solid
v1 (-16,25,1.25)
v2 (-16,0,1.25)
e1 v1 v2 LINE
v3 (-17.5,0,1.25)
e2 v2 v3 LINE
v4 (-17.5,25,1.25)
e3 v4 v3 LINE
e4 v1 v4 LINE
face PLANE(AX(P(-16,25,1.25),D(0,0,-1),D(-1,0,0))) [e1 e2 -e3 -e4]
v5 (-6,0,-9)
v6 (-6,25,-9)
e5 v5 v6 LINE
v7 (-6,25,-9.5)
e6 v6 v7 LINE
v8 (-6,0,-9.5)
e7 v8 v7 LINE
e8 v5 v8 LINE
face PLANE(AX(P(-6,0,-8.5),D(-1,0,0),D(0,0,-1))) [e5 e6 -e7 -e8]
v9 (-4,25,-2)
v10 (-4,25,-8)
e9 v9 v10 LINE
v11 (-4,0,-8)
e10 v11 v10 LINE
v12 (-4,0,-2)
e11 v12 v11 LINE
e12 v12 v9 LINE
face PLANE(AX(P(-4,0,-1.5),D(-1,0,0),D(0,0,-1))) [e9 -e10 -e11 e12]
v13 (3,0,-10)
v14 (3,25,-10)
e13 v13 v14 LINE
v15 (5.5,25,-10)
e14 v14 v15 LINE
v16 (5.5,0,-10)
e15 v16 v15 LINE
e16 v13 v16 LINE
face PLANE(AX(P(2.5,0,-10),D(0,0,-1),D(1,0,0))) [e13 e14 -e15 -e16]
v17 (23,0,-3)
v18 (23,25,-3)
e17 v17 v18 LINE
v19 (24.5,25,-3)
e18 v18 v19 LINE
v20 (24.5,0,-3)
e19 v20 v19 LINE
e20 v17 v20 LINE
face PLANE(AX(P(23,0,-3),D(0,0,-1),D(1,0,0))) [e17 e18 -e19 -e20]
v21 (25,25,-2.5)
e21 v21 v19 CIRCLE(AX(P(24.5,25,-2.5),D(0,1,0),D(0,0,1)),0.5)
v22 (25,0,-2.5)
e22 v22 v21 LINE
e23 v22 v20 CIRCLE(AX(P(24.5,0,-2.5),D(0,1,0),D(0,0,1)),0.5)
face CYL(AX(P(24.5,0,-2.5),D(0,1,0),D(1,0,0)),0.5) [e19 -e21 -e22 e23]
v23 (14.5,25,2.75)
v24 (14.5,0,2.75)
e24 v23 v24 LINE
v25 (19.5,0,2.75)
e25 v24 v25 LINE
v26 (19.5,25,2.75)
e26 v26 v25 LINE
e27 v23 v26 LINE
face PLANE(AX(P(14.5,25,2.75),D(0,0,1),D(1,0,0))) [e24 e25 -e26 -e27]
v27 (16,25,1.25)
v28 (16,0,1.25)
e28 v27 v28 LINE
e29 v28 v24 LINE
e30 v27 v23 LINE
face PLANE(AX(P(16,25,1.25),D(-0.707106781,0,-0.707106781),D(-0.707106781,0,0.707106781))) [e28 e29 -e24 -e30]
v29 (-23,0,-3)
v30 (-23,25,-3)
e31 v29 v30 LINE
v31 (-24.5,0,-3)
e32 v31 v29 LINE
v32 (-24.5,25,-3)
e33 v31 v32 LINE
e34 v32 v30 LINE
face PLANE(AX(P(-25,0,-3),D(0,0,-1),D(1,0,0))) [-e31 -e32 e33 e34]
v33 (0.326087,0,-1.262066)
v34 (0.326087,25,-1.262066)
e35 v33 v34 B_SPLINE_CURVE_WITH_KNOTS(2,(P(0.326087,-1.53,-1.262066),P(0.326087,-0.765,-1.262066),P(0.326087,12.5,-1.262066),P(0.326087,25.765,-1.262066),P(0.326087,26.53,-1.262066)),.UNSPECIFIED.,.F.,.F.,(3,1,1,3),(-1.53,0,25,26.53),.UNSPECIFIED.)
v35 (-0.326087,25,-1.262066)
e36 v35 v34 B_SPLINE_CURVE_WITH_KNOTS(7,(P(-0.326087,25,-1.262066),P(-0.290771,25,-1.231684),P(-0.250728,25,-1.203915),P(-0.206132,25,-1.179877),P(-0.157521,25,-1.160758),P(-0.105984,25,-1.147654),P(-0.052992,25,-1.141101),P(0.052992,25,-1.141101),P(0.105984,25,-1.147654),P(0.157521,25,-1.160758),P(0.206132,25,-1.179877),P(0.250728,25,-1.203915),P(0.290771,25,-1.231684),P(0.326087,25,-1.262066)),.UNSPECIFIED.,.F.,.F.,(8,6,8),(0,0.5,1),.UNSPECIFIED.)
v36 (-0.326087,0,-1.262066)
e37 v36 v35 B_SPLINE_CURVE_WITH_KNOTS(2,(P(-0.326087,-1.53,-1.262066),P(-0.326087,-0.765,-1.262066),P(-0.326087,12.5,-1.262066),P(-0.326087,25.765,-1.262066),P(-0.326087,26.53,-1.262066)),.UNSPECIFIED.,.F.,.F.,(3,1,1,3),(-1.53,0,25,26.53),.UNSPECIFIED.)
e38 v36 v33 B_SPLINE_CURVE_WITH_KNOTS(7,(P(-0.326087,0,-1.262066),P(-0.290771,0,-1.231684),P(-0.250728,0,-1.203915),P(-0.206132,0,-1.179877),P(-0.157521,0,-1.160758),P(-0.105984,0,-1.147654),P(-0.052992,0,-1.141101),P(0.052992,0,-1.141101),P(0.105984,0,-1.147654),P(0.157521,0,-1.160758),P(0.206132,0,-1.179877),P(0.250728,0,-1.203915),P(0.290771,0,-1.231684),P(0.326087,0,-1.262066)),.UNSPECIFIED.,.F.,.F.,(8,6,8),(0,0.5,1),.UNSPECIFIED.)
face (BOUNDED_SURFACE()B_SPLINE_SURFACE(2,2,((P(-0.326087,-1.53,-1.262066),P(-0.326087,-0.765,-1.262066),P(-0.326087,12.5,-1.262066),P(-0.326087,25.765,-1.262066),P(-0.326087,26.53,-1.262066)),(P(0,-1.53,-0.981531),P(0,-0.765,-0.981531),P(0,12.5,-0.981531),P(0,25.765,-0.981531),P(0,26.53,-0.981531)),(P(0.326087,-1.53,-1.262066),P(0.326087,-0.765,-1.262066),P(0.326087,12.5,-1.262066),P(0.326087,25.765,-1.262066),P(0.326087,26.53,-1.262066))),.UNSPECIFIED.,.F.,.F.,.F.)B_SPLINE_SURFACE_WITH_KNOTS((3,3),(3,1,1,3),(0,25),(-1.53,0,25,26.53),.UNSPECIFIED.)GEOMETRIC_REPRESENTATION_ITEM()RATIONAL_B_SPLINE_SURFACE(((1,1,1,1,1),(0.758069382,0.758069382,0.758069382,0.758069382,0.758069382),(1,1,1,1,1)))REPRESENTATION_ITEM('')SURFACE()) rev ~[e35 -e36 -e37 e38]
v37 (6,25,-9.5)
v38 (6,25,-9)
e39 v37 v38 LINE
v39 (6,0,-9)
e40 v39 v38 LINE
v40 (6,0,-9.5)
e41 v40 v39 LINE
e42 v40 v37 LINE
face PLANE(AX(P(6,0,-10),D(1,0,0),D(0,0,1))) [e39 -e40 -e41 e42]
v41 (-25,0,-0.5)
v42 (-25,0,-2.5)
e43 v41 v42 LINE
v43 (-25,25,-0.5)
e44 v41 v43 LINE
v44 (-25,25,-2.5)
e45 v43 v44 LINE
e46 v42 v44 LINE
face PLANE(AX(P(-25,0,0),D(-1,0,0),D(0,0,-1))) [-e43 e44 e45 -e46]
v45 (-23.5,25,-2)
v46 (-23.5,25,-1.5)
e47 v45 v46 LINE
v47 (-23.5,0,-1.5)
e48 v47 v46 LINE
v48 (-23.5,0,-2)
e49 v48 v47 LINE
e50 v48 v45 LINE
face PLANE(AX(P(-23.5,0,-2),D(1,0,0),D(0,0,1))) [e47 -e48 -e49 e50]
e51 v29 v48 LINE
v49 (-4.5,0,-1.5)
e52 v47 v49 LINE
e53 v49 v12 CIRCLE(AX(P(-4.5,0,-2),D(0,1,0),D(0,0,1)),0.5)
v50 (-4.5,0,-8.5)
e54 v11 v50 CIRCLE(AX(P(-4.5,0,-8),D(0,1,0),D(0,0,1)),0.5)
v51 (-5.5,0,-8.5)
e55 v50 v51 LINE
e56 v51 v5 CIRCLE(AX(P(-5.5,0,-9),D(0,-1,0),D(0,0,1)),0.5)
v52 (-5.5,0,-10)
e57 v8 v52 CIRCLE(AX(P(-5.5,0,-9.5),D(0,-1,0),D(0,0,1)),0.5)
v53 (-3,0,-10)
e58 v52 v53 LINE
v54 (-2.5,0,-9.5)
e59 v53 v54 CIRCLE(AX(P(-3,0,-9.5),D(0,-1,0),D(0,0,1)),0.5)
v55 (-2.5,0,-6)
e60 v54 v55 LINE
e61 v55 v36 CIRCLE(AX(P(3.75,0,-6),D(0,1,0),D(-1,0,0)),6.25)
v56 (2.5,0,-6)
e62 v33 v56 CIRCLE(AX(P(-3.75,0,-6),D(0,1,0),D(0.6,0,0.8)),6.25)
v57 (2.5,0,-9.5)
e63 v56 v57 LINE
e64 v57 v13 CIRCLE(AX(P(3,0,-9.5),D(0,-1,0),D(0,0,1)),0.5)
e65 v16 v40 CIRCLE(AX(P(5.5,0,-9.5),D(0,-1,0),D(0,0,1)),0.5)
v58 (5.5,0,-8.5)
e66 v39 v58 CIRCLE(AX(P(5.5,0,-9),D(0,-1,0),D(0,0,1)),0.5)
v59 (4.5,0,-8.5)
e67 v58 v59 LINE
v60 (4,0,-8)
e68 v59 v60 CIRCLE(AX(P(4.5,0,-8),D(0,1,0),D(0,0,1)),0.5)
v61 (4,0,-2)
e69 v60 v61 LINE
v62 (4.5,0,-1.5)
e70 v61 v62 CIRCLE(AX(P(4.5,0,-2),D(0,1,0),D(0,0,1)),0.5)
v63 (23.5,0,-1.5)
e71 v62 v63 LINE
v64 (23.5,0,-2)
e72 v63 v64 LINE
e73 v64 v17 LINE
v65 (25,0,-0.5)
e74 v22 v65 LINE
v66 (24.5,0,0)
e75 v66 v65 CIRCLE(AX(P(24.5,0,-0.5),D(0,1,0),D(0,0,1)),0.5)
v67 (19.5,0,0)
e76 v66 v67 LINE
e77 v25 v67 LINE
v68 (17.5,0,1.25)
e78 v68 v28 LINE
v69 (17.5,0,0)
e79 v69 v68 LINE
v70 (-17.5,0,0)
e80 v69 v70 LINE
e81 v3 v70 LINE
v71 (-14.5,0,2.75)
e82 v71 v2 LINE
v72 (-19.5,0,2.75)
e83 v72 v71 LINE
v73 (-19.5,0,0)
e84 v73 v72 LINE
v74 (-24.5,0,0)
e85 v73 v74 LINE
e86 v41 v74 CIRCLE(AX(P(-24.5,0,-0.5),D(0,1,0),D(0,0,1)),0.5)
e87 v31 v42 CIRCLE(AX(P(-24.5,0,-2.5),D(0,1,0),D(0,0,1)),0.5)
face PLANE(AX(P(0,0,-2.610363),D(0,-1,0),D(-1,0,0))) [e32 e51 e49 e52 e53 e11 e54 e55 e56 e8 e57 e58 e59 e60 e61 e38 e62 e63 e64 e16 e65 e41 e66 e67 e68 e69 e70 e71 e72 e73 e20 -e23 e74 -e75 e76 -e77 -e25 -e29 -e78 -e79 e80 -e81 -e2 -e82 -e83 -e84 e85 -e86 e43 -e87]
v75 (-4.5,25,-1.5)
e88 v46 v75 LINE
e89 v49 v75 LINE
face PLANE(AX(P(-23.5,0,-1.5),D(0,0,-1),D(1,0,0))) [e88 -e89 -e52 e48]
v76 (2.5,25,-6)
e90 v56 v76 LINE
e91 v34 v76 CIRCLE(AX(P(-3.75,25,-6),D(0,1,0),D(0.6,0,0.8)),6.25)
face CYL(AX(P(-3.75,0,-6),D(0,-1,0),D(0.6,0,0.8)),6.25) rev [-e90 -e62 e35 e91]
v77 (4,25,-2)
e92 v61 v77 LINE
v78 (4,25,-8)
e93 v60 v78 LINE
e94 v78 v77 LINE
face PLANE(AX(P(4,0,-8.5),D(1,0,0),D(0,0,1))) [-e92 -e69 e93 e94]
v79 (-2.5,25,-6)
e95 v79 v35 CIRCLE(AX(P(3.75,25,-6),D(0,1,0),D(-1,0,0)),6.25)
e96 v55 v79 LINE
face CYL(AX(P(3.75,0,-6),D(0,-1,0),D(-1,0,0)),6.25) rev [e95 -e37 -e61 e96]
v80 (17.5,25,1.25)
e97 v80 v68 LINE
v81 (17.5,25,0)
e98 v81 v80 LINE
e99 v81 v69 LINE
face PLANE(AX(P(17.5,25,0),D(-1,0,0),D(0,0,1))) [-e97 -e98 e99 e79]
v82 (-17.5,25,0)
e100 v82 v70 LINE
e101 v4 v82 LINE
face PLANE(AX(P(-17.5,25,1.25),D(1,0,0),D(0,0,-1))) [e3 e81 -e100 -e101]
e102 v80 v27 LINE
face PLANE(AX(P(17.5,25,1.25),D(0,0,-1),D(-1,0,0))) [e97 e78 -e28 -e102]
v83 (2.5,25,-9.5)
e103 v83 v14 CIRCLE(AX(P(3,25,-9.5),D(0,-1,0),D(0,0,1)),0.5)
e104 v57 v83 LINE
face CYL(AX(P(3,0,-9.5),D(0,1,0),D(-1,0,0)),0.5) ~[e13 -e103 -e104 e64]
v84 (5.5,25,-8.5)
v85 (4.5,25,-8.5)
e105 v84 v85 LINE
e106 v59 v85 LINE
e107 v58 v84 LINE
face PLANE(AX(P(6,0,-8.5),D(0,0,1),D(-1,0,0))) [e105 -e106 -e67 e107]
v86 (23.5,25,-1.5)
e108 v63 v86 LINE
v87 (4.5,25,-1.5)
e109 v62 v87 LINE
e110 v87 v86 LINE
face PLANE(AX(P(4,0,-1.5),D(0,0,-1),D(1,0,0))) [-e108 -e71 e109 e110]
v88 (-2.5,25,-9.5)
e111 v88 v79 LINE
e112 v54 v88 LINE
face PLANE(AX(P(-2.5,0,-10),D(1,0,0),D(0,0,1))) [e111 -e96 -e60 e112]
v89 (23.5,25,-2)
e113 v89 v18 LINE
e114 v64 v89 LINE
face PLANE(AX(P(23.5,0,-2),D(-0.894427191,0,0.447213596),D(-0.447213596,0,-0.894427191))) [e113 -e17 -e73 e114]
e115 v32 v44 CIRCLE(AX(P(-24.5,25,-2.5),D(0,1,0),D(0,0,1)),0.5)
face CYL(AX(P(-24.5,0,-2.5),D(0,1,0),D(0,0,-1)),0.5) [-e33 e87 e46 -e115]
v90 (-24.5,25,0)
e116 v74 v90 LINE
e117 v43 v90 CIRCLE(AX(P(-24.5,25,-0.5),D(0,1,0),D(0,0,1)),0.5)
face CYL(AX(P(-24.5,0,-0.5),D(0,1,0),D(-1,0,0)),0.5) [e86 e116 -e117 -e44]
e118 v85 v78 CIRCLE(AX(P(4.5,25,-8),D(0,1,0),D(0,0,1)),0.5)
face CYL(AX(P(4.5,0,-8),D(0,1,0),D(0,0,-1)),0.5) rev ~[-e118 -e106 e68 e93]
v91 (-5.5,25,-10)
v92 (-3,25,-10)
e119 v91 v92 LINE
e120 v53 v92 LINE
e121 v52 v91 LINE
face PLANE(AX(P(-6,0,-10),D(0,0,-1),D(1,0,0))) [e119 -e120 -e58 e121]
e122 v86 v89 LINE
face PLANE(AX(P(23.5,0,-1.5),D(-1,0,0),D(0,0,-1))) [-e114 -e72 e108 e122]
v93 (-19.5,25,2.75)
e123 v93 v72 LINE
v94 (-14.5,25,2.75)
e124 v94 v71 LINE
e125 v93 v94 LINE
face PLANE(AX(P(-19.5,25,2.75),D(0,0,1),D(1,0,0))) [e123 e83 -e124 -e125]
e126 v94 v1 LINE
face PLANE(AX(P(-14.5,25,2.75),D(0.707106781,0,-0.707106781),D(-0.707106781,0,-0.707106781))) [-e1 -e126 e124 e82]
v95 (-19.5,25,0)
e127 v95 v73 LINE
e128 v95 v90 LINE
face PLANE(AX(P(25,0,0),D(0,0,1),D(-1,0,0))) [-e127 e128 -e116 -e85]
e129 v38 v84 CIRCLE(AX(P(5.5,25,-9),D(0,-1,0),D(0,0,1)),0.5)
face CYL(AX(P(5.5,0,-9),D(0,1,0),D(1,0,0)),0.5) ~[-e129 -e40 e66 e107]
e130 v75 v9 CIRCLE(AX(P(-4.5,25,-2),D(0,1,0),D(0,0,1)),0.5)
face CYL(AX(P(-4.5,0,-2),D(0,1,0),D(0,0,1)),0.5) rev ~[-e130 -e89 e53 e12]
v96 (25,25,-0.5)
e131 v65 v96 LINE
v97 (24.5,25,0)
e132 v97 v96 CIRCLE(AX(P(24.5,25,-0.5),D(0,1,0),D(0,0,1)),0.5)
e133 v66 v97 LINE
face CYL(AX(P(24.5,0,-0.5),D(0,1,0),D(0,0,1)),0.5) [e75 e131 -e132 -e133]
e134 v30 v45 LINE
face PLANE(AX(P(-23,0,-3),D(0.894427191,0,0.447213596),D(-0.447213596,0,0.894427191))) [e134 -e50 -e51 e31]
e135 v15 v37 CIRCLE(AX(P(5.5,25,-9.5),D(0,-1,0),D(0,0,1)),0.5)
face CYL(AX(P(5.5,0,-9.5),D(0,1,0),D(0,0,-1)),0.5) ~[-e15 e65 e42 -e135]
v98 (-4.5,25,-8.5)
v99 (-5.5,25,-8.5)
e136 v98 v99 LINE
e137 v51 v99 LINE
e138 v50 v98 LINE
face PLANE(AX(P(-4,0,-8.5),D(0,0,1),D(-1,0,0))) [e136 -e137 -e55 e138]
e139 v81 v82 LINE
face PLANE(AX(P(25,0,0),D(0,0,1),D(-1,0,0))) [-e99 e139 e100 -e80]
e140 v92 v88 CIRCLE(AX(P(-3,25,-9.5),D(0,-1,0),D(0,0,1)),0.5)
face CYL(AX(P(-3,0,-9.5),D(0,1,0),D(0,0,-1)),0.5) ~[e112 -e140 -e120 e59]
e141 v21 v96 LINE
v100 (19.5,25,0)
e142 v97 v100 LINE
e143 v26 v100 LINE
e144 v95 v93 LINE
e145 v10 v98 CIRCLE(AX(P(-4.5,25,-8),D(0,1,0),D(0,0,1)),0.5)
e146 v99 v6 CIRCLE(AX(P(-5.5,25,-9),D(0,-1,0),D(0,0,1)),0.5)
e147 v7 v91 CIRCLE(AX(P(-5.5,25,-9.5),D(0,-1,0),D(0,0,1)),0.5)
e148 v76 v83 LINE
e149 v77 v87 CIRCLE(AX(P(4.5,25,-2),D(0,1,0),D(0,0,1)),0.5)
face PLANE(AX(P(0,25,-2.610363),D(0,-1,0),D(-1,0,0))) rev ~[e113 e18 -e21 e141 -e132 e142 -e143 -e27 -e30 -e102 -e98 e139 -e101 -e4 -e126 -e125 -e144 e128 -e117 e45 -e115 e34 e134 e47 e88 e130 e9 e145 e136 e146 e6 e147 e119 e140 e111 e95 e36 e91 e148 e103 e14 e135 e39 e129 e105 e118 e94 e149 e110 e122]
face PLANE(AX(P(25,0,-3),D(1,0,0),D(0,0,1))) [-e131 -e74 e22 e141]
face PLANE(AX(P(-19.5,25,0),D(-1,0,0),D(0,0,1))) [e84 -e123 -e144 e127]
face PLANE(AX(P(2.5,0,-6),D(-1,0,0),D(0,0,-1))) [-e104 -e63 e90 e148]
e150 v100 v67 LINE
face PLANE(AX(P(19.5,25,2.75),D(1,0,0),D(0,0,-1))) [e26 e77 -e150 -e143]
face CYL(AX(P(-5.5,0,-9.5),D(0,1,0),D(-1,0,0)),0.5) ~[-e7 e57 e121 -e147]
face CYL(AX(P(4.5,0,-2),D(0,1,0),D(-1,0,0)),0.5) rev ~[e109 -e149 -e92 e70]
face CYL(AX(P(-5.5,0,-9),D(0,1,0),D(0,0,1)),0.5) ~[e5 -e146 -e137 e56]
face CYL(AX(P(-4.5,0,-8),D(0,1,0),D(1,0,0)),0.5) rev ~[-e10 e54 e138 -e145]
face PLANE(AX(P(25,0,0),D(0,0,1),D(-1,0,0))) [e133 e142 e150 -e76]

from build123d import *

# Parameters (mm, degrees)
BOSS_EXTRUDE1_DEPTH = 25
FILLET1_R           = 0.5
FILLET2_R           = 0.5
BOSS_EXTRUDE2_DEPTH = 25


with BuildPart() as part:
    # Sketch6 → Boss-Extrude1 (new body)
    with BuildSketch(Plane(origin=(0, 0, 0), x_dir=(1, 0, 0), z_dir=(0, 1, 0))):
        with BuildLine():
            Line((-23.5, 1.5), (-4, 1.5))
            Line((-4, 1.5), (-4, 8.5))
            Line((-4, 8.5), (-6, 8.5))
            Line((-6, 8.5), (-6, 10))
            Line((-6, 10), (-2.5, 10))
            Line((-2.5, 10), (-2.5, 6))
            ThreePointArc((-2.5, 6), (-1.840169944, 3.204915028), (0, 1))
            ThreePointArc((0, 1), (1.840169944, 3.204915028), (2.5, 6))
            Line((2.5, 6), (2.5, 10))
            Line((2.5, 10), (6, 10))
            Line((6, 10), (6, 8.5))
            Line((6, 8.5), (4, 8.5))
            Line((4, 8.5), (4, 1.5))
            Line((4, 1.5), (23.5, 1.5))
            Line((23.5, 1.5), (23.5, 2))
            Line((23.5, 2), (23, 3))
            Line((23, 3), (25, 3))
            Line((25, 3), (25, 0))
            Line((25, 0), (2.5, 0))
            Line((2.5, 0), (-2.5, 0))
            Line((-2.5, 0), (-25, 0))
            Line((-25, 0), (-25, 3))
            Line((-25, 3), (-23, 3))
            Line((-23, 3), (-23.5, 2))
            Line((-23.5, 2), (-23.5, 1.5))
        make_face()
    extrude(amount=BOSS_EXTRUDE1_DEPTH)

    # Fillet1
    fillet1_edges = [part.edges().sort_by_distance(p)[0] for p in [
        (-4, 12.5, -1.5),
        (-4, 12.5, -8.5),
        (0, 12.5, -1),
        (4, 12.5, -8.5),
        (4, 12.5, -1.5),
    ]]
    fillet(fillet1_edges, radius=FILLET1_R)

    # Fillet2
    fillet2_edges = [part.edges().sort_by_distance(p)[0] for p in [
        (-6, 12.5, -8.5),
        (-6, 12.5, -10),
        (-2.5, 12.5, -10),
        (2.5, 12.5, -10),
        (6, 12.5, -10),
        (6, 12.5, -8.5),
        (25, 12.5, -3),
        (25, 12.5, 0),
        (-25, 12.5, 0),
        (-25, 12.5, -3),
    ]]
    fillet(fillet2_edges, radius=FILLET2_R)

    # Sketch7 → Boss-Extrude2 (add)
    with BuildSketch(Plane(origin=(0, 25, 0), x_dir=(1, 0, 0), z_dir=(0, 1, 0))):
        Polygon((-19.5, 0), (-19.5, -2.75), (-14.5, -2.75), (-16, -1.25), (-17.5, -1.25), (-17.5, 0), align=None)
        Polygon((19.5, 0), (17.5, 0), (17.5, -1.25), (16, -1.25), (14.5, -2.75), (19.5, -2.75), align=None)
    extrude(amount=-BOSS_EXTRUDE2_DEPTH)


solid = part.part
